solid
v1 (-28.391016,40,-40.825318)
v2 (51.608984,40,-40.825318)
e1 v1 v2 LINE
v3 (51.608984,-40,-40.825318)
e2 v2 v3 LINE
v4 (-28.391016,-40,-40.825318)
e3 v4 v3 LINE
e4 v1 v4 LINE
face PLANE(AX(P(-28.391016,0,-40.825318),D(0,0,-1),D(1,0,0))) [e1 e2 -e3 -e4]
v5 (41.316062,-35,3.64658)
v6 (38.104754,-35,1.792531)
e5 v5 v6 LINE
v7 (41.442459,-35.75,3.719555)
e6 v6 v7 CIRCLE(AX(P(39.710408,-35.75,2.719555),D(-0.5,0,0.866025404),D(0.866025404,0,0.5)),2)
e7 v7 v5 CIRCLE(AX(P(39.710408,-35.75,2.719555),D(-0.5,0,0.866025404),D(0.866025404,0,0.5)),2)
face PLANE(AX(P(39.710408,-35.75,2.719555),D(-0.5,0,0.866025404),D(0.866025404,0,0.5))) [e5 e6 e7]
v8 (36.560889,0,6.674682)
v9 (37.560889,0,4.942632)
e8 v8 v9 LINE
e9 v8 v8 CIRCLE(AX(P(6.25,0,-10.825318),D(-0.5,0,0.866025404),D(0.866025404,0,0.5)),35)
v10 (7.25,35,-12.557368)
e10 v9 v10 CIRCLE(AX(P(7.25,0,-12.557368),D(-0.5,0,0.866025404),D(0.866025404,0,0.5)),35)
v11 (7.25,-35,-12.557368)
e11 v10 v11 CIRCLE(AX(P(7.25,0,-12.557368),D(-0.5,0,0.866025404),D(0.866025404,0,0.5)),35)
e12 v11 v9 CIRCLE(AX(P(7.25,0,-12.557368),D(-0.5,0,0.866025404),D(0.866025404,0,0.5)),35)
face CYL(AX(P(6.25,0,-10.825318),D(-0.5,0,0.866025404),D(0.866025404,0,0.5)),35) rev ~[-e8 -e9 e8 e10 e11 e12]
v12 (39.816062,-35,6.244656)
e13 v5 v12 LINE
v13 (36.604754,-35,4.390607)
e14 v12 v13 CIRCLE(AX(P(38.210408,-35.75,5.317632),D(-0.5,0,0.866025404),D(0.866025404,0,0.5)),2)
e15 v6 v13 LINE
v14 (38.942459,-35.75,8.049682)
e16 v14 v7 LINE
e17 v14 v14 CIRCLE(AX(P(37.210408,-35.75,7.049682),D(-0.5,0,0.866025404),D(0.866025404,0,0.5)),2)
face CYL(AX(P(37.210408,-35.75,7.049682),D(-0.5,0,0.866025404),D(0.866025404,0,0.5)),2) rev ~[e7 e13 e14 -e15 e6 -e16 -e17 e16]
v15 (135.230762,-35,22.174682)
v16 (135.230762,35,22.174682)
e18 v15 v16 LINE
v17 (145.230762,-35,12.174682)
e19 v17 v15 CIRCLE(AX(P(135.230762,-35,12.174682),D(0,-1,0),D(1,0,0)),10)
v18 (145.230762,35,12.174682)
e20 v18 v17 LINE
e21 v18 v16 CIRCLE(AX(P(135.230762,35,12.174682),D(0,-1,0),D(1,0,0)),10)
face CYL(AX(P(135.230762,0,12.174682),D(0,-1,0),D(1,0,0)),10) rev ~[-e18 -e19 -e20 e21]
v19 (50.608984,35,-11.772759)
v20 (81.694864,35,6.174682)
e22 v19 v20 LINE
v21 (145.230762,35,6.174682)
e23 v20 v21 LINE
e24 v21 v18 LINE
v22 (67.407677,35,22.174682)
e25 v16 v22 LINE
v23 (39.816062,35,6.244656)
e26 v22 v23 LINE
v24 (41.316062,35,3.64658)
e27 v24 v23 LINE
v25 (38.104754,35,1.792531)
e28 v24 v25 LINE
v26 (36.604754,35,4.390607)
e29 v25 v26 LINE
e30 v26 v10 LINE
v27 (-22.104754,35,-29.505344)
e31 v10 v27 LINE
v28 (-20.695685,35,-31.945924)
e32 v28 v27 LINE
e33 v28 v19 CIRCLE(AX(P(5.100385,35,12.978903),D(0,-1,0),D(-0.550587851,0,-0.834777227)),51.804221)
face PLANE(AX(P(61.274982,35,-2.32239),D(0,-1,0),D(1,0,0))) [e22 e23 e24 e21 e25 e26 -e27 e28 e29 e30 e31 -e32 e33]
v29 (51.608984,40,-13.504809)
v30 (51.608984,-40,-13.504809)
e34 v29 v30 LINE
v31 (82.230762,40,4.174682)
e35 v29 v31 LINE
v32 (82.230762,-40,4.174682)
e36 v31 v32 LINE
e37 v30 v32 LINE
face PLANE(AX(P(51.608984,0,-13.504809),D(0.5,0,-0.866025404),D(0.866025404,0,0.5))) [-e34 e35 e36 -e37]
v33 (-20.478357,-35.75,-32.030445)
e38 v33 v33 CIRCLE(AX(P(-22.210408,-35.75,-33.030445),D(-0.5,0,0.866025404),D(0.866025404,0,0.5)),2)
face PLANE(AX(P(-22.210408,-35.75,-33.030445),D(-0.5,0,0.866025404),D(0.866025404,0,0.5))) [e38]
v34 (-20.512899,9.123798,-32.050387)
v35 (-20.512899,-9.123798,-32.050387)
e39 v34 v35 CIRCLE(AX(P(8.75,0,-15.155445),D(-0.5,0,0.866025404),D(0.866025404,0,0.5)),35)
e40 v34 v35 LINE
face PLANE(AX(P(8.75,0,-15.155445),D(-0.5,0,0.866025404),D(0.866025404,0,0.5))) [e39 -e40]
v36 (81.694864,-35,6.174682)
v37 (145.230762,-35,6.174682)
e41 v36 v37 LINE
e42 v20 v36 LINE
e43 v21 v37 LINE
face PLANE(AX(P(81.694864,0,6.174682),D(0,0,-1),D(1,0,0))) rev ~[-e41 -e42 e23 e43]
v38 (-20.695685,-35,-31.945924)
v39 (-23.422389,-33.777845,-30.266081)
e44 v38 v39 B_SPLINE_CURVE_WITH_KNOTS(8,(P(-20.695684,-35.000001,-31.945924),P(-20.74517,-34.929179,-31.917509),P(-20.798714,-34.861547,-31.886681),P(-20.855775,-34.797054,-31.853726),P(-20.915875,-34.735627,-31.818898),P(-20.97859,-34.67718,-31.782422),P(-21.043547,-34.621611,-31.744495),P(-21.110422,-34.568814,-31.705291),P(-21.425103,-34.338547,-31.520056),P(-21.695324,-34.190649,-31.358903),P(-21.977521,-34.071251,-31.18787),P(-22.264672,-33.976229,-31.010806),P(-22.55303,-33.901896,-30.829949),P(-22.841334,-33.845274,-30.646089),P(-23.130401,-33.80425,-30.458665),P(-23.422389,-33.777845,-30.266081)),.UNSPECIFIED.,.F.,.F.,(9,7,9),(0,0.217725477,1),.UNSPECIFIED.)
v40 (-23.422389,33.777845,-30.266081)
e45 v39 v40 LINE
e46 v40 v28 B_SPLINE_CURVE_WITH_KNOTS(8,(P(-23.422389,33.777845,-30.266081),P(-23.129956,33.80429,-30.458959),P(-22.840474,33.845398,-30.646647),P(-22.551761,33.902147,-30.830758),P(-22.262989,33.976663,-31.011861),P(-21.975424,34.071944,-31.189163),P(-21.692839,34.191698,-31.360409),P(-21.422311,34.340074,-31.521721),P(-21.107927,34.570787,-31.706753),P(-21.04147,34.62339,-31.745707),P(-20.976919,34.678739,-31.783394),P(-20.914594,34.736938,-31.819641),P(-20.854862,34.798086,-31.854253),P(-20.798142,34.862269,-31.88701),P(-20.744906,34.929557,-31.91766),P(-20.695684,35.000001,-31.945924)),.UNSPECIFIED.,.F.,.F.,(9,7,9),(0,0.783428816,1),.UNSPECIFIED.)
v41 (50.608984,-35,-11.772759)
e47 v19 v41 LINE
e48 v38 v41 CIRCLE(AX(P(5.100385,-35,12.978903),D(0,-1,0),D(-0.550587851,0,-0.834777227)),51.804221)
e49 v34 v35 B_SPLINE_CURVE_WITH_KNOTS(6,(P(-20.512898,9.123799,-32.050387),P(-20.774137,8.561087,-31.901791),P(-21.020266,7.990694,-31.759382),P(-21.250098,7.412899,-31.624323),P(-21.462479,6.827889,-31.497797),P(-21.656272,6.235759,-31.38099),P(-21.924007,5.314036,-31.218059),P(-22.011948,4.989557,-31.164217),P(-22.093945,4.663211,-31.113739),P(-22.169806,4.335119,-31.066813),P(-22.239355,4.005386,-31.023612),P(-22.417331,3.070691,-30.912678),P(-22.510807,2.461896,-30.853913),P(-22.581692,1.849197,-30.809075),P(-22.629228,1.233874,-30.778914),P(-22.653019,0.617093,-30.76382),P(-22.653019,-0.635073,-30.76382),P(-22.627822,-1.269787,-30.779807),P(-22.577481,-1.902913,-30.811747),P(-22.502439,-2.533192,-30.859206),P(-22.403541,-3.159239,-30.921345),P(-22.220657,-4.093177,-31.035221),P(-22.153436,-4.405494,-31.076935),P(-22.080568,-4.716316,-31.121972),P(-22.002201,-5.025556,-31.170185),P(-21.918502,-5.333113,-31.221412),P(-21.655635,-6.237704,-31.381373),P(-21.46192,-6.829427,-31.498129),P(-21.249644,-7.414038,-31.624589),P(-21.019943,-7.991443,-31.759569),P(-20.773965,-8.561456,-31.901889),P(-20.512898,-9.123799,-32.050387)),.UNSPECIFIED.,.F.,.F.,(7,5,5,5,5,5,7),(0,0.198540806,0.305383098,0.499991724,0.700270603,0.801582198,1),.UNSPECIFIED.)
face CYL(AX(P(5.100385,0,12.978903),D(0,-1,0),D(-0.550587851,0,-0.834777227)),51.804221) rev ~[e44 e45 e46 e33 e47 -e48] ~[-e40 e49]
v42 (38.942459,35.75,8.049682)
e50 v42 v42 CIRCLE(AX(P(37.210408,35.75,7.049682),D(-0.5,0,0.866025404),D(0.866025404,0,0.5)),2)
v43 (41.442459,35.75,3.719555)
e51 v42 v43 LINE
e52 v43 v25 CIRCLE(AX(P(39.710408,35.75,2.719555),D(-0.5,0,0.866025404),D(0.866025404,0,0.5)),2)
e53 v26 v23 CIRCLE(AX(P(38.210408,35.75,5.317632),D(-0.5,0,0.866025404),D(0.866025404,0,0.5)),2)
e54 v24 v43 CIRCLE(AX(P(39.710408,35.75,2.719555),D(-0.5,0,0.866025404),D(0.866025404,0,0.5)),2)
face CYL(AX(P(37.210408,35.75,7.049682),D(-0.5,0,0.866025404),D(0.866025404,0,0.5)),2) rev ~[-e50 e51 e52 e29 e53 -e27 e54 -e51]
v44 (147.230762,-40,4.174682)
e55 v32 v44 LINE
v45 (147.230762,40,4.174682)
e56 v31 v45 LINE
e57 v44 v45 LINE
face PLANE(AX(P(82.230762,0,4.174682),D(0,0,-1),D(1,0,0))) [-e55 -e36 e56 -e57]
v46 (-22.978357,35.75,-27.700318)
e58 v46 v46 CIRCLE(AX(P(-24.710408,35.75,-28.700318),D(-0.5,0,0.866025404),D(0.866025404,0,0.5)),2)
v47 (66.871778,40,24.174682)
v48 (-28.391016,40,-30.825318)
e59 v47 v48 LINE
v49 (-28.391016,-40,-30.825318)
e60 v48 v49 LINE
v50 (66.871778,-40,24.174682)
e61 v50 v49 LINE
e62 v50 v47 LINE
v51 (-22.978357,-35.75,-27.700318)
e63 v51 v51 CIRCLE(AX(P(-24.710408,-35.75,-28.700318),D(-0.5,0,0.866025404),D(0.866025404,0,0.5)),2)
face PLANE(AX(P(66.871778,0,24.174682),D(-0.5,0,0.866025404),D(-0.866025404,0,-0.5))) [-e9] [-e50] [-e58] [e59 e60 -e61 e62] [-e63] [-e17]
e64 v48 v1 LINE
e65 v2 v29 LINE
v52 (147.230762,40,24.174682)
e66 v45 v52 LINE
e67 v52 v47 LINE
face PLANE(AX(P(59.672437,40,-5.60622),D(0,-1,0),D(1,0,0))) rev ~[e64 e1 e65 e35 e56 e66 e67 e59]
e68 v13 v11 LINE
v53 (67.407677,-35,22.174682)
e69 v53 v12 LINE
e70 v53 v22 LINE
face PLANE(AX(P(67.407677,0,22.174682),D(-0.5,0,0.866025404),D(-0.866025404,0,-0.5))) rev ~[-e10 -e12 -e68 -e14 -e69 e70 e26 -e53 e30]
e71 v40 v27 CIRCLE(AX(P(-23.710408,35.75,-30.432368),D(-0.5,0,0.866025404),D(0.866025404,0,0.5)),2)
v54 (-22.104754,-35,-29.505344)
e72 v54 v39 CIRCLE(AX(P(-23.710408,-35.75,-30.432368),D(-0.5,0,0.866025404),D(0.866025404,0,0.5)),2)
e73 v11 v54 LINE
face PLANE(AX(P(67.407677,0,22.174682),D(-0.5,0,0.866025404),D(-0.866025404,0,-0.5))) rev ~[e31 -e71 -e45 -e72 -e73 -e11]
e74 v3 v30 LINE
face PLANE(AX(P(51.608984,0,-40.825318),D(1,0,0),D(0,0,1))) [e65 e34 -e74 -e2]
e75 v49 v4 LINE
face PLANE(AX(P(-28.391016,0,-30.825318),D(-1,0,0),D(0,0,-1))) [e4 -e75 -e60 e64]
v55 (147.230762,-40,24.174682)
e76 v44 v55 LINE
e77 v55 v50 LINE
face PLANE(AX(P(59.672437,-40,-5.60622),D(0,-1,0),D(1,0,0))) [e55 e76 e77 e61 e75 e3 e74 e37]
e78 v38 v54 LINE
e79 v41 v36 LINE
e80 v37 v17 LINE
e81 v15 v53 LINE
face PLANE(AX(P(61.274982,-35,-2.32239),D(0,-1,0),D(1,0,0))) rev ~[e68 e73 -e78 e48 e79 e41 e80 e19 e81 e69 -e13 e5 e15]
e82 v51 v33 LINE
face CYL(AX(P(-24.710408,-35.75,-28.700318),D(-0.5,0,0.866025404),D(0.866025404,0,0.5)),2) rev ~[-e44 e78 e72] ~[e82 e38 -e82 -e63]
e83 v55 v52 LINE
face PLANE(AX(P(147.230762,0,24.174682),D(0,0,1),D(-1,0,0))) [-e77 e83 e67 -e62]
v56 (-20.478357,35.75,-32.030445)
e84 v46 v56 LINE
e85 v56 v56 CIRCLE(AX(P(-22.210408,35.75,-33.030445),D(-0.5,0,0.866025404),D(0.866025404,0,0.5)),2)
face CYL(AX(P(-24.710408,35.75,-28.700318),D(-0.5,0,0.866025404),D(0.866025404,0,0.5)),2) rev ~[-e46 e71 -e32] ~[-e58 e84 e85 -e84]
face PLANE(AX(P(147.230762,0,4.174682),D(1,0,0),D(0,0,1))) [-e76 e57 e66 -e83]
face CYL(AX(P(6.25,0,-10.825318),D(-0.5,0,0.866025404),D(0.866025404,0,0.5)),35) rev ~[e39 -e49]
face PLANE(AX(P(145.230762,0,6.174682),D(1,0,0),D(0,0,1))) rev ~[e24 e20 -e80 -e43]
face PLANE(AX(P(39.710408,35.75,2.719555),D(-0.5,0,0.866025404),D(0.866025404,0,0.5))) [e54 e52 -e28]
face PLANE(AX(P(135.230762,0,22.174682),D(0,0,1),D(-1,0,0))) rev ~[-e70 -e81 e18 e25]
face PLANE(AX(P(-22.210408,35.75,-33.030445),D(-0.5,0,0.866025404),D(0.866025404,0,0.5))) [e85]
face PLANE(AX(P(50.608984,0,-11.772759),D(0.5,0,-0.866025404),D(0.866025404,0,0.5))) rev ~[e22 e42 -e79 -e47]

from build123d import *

# Parameters (mm, degrees)
F1_DEPTH = 40
F3_DEPTH = 35
F4_R     = 35
F4_R_2   = 2
F5_DEPTH = 5


with BuildPart() as f1:
    # F0 (on Front) → F1 (new body, symmetric)
    with BuildSketch(Plane.XZ):
        Polygon((66.8717782649, 24.1746824527), (40.8910161514, 9.1746824527), (-28.3910161514, -30.8253175473), (-28.3910161514, -40.8253175473), (51.6089838486, -40.8253175473), (51.6089838486, -13.5048094716), (82.2307621135, 4.1746824527), (147.2307621135, 4.1746824527), (147.2307621135, 24.1746824527), align=None)
    extrude(amount=F1_DEPTH, both=True)

    # F2 (on Front) → F3 (cut, symmetric)
    with BuildSketch(Plane.XZ):
        with BuildLine():
            ThreePointArc((-23.4223891848, -30.2660805074), (17.6554756717, -37.2808918374), (50.6089838486, -11.772758664))
            Line((50.6089838486, -11.772758664), (81.6948637287, 6.1746824527))
            Line((81.6948637287, 6.1746824527), (145.2307621135, 6.1746824527))
            Line((145.2307621135, 6.1746824527), (145.2307621135, 12.1746824527))
            ThreePointArc((145.2307621135, 12.1746824527), (142.3018299254, 19.2457502646), (135.2307621135, 22.1746824527))
            Line((135.2307621135, 22.1746824527), (67.4076766498, 22.1746824527))
            Line((67.4076766498, 22.1746824527), (-23.4223891848, -30.2660805074))
        make_face()
    extrude(amount=F3_DEPTH, both=True, mode=Mode.SUBTRACT)

    # F4 (on face) → F5 (cut)
    with BuildSketch(Plane(origin=(6.25, 0, -10.8253175473), x_dir=(0.8660254038, 0, 0.5), z_dir=(-0.5, 0, 0.8660254038))):
        Circle(F4_R)
        with Locations((-35.75, 35.75)):
            Circle(F4_R_2)
        with Locations((35.75, 35.75)):
            Circle(F4_R_2)
        with Locations((35.75, -35.75)):
            Circle(F4_R_2)
        with Locations((-35.75, -35.75)):
            Circle(F4_R_2)
    extrude(amount=-F5_DEPTH, mode=Mode.SUBTRACT)


solid = f1.part
